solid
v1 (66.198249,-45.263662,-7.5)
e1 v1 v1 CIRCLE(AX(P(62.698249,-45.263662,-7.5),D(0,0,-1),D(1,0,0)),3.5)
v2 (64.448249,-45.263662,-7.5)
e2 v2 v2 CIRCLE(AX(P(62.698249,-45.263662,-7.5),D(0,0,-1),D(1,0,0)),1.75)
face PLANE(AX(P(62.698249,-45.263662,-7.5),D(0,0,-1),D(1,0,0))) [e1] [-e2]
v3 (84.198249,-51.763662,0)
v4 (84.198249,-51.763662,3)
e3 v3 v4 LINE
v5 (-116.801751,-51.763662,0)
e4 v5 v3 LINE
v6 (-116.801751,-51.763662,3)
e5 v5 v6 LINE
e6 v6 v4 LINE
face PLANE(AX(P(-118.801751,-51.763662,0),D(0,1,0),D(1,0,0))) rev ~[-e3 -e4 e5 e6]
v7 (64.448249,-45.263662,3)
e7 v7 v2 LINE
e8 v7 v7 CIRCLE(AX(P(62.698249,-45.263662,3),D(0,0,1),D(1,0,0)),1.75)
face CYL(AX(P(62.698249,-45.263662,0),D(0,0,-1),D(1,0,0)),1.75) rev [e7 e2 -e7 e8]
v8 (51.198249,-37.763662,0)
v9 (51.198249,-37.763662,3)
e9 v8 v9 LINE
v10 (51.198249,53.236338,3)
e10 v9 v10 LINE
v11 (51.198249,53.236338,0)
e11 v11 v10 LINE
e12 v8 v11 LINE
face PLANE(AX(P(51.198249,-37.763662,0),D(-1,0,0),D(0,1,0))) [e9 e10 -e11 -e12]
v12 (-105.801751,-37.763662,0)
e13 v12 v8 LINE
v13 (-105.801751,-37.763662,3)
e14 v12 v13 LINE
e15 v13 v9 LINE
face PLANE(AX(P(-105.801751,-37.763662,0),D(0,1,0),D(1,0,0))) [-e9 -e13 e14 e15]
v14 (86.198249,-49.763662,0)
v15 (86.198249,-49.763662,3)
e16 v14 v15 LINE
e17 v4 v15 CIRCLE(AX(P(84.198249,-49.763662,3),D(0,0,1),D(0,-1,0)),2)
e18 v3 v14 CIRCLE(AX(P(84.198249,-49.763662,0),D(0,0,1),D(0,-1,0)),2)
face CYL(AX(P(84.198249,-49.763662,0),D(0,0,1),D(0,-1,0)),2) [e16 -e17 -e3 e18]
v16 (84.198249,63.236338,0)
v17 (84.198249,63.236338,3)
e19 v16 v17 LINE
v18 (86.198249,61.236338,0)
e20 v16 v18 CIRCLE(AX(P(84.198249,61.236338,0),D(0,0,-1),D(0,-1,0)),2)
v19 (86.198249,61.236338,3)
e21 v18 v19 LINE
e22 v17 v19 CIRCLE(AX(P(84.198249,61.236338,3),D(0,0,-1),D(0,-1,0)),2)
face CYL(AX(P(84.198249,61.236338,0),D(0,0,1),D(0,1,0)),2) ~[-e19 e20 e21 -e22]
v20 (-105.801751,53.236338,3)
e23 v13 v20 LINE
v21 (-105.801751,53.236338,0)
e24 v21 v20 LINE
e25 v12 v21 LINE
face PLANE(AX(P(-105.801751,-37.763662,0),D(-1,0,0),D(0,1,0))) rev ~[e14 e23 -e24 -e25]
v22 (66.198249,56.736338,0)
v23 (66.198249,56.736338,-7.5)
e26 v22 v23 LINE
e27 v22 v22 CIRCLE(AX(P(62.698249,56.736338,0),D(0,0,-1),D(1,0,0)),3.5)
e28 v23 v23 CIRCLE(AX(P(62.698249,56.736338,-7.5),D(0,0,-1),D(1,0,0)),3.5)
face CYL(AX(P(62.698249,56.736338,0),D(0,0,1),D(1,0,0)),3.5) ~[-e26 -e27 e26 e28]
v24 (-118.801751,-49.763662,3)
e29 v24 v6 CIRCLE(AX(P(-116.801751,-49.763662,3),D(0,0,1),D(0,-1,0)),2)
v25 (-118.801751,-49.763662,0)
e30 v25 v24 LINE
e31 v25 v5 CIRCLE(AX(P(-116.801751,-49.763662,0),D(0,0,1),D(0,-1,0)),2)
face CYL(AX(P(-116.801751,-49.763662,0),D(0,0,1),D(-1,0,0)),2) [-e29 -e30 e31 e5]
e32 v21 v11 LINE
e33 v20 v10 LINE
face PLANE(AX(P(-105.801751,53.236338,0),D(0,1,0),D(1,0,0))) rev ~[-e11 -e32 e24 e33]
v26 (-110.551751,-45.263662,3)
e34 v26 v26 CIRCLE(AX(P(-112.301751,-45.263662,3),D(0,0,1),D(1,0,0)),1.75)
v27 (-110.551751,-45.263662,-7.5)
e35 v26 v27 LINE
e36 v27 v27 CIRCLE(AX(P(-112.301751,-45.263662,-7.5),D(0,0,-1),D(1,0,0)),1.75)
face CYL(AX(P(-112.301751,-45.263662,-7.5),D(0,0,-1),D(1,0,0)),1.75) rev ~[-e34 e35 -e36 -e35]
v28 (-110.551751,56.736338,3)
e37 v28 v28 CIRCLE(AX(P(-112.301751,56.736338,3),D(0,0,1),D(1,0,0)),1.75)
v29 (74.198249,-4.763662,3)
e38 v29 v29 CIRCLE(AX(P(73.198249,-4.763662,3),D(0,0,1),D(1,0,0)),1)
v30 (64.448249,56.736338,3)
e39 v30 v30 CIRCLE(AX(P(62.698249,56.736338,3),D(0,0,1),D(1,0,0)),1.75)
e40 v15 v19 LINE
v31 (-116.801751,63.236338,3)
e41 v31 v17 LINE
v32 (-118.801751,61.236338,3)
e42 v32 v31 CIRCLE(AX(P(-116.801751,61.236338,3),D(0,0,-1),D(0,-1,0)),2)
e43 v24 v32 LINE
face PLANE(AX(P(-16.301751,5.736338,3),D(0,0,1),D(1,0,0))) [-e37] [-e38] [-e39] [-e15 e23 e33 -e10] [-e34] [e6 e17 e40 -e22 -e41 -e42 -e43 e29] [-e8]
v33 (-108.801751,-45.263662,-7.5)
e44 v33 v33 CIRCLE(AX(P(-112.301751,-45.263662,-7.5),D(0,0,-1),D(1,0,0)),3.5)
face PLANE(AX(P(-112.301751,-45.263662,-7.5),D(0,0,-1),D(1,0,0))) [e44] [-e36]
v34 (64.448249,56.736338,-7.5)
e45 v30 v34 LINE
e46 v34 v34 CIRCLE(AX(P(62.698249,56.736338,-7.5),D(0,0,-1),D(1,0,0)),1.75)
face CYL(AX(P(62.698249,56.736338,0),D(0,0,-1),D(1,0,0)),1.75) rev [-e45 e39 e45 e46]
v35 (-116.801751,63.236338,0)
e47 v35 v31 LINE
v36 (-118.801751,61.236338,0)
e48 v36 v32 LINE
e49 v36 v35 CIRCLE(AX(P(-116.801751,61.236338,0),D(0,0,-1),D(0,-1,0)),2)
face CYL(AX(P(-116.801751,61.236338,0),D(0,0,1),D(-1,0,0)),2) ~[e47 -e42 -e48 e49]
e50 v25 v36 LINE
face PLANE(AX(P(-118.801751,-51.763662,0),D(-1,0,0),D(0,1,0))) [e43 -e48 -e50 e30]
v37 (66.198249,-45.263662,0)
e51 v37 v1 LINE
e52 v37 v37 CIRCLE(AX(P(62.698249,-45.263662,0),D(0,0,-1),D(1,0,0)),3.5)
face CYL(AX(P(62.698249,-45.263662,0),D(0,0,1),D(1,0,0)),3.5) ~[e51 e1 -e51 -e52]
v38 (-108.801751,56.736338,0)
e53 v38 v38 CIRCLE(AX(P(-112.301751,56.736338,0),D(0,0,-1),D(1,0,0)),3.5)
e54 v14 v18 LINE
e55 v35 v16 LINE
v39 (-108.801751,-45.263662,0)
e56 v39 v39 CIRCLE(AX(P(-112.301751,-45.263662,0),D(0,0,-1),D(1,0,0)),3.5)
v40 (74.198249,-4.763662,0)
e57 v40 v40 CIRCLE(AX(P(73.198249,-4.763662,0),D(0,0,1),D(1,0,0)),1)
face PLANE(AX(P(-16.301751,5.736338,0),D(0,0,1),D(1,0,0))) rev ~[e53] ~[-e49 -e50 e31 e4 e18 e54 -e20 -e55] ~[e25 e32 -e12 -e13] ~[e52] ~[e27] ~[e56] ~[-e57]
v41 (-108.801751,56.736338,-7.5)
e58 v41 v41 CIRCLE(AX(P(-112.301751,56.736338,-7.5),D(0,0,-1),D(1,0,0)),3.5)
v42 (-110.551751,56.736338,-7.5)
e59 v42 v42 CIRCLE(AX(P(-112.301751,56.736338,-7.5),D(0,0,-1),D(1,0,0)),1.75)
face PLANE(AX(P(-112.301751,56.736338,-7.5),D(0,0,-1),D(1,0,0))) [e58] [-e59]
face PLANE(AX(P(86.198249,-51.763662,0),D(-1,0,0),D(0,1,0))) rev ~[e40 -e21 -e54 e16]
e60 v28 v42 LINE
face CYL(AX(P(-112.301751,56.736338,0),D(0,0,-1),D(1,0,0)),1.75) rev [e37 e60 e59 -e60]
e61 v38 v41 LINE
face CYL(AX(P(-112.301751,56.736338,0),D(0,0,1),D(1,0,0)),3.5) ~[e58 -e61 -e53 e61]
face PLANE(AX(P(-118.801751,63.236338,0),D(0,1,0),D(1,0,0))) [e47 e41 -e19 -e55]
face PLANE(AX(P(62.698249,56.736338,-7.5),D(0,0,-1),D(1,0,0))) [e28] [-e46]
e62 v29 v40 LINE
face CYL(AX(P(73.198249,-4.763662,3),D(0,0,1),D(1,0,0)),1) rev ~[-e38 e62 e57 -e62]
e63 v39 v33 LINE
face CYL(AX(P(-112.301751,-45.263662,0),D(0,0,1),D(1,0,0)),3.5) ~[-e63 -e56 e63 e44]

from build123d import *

# Parameters (mm, degrees)
F0_W      = 205
F0_H      = 115
F0_R      = 1.75
F0_W_2    = 157
F0_H_2    = 91
F1_DEPTH  = 3
F2_R      = 2
F3_DEPTH  = 25
F4_R      = 1
F5_DEPTH  = 25
F6_R      = 3.5
F7_DEPTH  = 7.5
F8_R      = 1.75
F9_DEPTH  = 25
F10_R     = 1.75
F11_DEPTH = 25
F12_R     = 1.75
F13_DEPTH = 25
F14_R     = 1.75
F15_DEPTH = 25


with BuildPart() as f1:
    # F0 (on Top) → F1 (new body)
    with BuildSketch(Plane.XY):
        with Locations((-16.301751, 5.736338)):
            Rectangle(F0_W, F0_H)
        with Locations((-112.301751, -45.263662)):
            Circle(F0_R, mode=Mode.SUBTRACT)
        with Locations((62.698249, -45.263662)):
            Circle(F0_R, mode=Mode.SUBTRACT)
        with Locations((-27.301751, 7.736338)):
            Rectangle(F0_W_2, F0_H_2, mode=Mode.SUBTRACT)
        with Locations((-112.301751, 56.736338)):
            Circle(F0_R, mode=Mode.SUBTRACT)
        with Locations((62.698249, 56.736338)):
            Circle(F0_R, mode=Mode.SUBTRACT)
    extrude(amount=F1_DEPTH)

    # F2
    f2_edges = [f1.edges().sort_by_distance(p)[0] for p in [
        (-118.801751, -51.763662, 1.5),
        (-118.801751, 63.236338, 1.5),
        (86.198249, -51.763662, 1.5),
        (86.198249, 63.236338, 1.5),
    ]]
    fillet(f2_edges, radius=F2_R)

    # F0 (on Top) → F3 (cut)
    with BuildSketch(Plane.XY):
        with Locations((-16.301751, 5.736338)):
            Rectangle(F0_W, F0_H)
        with Locations((-112.301751, -45.263662)):
            Circle(F0_R, mode=Mode.SUBTRACT)
        with Locations((62.698249, -45.263662)):
            Circle(F0_R, mode=Mode.SUBTRACT)
        with Locations((-27.301751, 7.736338)):
            Rectangle(F0_W_2, F0_H_2, mode=Mode.SUBTRACT)
        with Locations((-112.301751, 56.736338)):
            Circle(F0_R, mode=Mode.SUBTRACT)
        with Locations((62.698249, 56.736338)):
            Circle(F0_R, mode=Mode.SUBTRACT)
    extrude(amount=-F3_DEPTH, mode=Mode.SUBTRACT)

    # F4 (on face) → F5 (cut)
    with BuildSketch(Plane.XY.offset(3)):
        with Locations((73.198249, -4.763662)):
            Circle(F4_R)
    extrude(amount=-F5_DEPTH, mode=Mode.SUBTRACT)

    # F6 (on face) → F7 (join)
    with BuildSketch(Plane(origin=(0, 0, 0), x_dir=(1, 0, 0), z_dir=(0, 0, -1))):
        with Locations((-112.301751, 45.263662)):
            Circle(F6_R)
        with Locations((-112.301751, -56.736338)):
            Circle(F6_R)
        with Locations((62.698249, 45.263662)):
            Circle(F6_R)
        with Locations((62.698249, -56.736338)):
            Circle(F6_R)
    extrude(amount=F7_DEPTH)

    # F8 (on face) → F9 (cut)
    with BuildSketch(Plane(origin=(0, 0, -7.5), x_dir=(1, 0, 0), z_dir=(0, 0, -1))):
        with Locations((-112.301751, 45.263662)):
            Circle(F8_R)
    extrude(amount=-F9_DEPTH, mode=Mode.SUBTRACT)

    # F10 (on face) → F11 (cut)
    with BuildSketch(Plane(origin=(0, 0, -7.5), x_dir=(1, 0, 0), z_dir=(0, 0, -1))):
        with Locations((-112.301751, -56.736338)):
            Circle(F10_R)
    extrude(amount=-F11_DEPTH, mode=Mode.SUBTRACT)

    # F12 (on face) → F13 (cut)
    with BuildSketch(Plane(origin=(0, 0, -7.5), x_dir=(1, 0, 0), z_dir=(0, 0, -1))):
        with Locations((62.698249, -56.736338)):
            Circle(F12_R)
    extrude(amount=-F13_DEPTH, mode=Mode.SUBTRACT)

    # F14 (on face) → F15 (cut)
    with BuildSketch(Plane(origin=(0, 0, -7.5), x_dir=(1, 0, 0), z_dir=(0, 0, -1))):
        with Locations((62.698249, 45.263662)):
            Circle(F14_R)
    extrude(amount=-F15_DEPTH, mode=Mode.SUBTRACT)


solid = f1.part
